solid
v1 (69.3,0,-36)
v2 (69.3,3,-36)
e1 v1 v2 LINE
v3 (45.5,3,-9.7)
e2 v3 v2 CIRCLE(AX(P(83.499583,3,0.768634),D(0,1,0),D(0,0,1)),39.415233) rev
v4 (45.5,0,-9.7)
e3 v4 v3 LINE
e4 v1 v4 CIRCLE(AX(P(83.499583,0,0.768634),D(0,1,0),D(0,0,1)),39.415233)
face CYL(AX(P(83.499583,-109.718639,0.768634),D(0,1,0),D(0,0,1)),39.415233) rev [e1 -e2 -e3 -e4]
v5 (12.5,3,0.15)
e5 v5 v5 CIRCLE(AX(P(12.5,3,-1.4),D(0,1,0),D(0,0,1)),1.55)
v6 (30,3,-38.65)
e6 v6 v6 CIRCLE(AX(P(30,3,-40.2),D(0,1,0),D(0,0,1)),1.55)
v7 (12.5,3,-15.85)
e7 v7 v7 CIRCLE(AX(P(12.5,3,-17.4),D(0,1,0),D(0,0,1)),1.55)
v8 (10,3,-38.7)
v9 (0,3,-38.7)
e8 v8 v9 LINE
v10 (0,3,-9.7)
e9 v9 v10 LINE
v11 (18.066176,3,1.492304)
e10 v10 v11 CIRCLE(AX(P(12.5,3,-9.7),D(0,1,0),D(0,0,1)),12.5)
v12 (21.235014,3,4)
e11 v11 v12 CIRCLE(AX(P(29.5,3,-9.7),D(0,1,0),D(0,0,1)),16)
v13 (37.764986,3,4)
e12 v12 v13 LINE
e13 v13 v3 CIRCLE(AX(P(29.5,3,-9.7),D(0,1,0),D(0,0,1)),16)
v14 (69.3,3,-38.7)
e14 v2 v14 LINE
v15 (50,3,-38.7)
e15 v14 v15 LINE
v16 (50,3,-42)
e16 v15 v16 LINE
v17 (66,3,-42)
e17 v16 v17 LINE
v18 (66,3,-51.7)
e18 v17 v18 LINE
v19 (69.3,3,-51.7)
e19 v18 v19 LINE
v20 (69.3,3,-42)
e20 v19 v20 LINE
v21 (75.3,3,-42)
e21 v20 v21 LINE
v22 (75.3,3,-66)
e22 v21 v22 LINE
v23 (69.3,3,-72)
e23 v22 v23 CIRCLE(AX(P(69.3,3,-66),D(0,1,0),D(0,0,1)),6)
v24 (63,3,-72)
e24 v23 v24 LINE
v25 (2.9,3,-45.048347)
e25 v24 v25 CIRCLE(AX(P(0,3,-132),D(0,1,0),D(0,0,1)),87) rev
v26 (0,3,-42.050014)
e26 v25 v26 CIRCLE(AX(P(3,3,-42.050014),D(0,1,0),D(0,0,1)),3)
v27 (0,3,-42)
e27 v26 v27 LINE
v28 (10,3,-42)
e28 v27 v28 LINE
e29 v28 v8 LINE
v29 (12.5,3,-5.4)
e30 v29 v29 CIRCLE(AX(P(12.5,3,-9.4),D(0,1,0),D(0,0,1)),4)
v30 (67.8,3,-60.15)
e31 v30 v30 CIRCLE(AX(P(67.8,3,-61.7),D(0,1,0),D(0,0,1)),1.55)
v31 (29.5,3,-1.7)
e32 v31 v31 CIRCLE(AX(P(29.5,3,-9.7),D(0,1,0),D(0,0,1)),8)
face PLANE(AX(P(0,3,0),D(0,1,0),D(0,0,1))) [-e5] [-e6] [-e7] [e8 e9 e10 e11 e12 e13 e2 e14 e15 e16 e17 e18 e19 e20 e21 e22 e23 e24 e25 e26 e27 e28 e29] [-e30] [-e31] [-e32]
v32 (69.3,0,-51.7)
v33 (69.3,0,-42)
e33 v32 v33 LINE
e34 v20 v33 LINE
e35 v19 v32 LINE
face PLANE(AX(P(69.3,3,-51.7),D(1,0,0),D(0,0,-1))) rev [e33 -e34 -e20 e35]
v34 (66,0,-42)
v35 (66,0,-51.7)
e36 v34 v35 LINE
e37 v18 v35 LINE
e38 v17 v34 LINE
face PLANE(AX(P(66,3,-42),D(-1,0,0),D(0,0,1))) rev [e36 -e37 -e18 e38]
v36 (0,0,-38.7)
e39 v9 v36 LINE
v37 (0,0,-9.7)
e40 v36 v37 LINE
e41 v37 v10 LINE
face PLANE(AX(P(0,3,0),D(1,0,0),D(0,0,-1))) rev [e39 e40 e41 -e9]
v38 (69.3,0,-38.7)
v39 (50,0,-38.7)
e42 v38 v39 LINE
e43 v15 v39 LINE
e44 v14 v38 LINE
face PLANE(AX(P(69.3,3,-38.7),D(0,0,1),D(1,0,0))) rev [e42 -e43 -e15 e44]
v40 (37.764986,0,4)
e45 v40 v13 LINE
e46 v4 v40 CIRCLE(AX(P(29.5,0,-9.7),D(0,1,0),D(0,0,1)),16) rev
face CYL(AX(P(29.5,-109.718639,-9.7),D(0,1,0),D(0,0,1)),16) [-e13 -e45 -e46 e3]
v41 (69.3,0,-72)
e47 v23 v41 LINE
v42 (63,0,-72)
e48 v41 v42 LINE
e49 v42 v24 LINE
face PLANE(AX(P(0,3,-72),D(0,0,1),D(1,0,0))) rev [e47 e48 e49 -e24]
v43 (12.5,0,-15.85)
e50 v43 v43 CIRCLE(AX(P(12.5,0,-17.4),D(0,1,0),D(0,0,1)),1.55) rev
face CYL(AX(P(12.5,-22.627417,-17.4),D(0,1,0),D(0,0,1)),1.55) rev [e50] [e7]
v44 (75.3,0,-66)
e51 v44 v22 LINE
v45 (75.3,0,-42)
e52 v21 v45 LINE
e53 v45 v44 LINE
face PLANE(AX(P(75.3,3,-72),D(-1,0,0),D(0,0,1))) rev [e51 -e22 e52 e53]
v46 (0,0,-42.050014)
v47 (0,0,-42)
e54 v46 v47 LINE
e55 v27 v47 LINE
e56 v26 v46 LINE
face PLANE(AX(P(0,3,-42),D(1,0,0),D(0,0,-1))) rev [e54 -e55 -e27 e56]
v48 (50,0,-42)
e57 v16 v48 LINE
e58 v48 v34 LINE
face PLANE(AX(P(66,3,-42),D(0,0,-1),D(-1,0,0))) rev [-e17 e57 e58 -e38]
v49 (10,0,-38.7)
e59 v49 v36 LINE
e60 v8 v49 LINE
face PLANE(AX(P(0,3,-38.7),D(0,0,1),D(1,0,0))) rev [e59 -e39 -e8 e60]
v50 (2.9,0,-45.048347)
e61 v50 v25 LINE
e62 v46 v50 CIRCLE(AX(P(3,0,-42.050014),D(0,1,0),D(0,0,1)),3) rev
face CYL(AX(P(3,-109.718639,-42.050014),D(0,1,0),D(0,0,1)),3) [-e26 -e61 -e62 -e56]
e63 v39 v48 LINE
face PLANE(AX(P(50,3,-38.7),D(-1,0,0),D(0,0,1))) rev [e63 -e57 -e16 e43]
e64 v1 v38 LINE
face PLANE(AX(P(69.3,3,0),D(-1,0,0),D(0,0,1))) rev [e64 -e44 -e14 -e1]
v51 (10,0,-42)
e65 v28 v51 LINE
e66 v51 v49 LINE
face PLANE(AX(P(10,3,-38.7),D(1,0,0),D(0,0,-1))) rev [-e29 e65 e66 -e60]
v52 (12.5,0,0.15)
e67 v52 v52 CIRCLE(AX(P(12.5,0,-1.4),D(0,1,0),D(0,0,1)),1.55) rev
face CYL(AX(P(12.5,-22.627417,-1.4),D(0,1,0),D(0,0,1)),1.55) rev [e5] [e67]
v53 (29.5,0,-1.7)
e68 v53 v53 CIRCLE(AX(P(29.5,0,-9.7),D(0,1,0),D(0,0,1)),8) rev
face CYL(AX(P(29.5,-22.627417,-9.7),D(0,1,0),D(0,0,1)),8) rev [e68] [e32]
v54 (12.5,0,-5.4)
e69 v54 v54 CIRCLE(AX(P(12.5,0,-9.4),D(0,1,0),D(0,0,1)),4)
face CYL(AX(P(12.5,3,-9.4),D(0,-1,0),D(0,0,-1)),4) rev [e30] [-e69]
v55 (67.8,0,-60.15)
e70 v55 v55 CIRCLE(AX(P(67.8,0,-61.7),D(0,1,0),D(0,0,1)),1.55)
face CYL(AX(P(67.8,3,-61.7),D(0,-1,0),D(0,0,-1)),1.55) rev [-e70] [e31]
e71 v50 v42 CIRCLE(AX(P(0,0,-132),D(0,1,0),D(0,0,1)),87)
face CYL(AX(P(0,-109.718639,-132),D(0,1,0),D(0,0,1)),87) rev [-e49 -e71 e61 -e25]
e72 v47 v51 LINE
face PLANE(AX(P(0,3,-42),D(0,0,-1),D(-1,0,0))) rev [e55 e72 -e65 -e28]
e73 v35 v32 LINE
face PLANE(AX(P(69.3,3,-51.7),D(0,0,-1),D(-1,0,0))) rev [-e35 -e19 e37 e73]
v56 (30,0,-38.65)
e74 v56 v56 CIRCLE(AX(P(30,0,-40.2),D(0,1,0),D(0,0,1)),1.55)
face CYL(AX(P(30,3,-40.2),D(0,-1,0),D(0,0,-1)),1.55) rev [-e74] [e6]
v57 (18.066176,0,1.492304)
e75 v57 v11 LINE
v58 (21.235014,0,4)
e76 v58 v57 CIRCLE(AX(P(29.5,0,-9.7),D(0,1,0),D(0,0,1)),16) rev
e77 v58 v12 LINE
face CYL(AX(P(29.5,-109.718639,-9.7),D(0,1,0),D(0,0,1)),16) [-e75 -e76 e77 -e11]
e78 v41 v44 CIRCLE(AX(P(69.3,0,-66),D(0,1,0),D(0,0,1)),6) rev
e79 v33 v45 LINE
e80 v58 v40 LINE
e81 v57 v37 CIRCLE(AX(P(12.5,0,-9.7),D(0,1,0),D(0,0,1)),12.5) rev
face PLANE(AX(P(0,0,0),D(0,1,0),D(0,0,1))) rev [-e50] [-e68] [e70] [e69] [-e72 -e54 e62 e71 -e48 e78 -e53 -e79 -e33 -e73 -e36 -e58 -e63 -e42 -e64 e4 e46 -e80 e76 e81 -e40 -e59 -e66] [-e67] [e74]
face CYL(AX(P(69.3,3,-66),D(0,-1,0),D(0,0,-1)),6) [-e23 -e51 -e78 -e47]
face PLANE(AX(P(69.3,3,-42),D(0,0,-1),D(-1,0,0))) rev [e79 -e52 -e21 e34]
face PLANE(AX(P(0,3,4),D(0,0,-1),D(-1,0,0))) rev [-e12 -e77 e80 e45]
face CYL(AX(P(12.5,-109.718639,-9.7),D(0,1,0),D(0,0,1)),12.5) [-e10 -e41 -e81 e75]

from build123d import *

# Parameters (mm, degrees)
CROQUIS1_R               = 1.55
CROQUIS1_R_2             = 4
SALIENTE_EXTRUIR10_DEPTH = 3
CROQUIS2_R               = 8
CROQUIS2_R_2             = 1.55
CORTAR_EXTRUIR1_DEPTH    = 3
CROQUIS3_OUTSIDE_W       = 98.706
CROQUIS3_OUTSIDE_H       = 99.406
CROQUIS3_OUTSIDE_R       = 4
CROQUIS3_OUTSIDE_R_2     = 8
CROQUIS3_OUTSIDE_R_3     = 1.55
CORTAR_EXTRUIR2_DEPTH    = 3
REDONDEO1_R              = 6
REDONDEO2_R              = 3


with BuildPart() as part:
    # Croquis1 → Saliente-Extruir10 (new body)
    with BuildSketch(Plane(origin=(0, 0, 0), x_dir=(1, 0, 0), z_dir=(0, 1, 0))):
        Polygon((0, 0), (0, 38.7), (10, 38.7), (10, 42), (0, 42), (0, 72), (69.3, 72), (75.3, 72), (75.3, 52), (75.3, 42), (69.3, 42), (69.3, 51.7), (66, 51.7), (66, 42), (50, 42), (50, 38.7), (69.3, 38.7), (69.3, 0), (69.3, -4), (0, -4), align=None)
        with Locations((30, 40.2)):
            Circle(CROQUIS1_R, mode=Mode.SUBTRACT)
        with Locations((67.8, 61.7)):
            Circle(CROQUIS1_R, mode=Mode.SUBTRACT)
        with Locations((12.5, 9.4)):
            Circle(CROQUIS1_R_2, mode=Mode.SUBTRACT)
    extrude(amount=SALIENTE_EXTRUIR10_DEPTH)

    # Croquis2 → Cortar-Extruir1 (cut)
    with BuildSketch(Plane(origin=(0, 3, 0), x_dir=(1, 0, 0), z_dir=(0, 1, 0))):
        with Locations((29.5, 9.7)):
            Circle(CROQUIS2_R)
        with Locations((12.5, 17.4)):
            Circle(CROQUIS2_R_2)
        with Locations((12.5, 1.4)):
            Circle(CROQUIS2_R_2)
    extrude(amount=-CORTAR_EXTRUIR1_DEPTH, mode=Mode.SUBTRACT)

    # Croquis3 outside → Cortar-Extruir2 (cut)
    with BuildSketch(Plane(origin=(0, 3, 0), x_dir=(1, 0, 0), z_dir=(0, 1, 0))):
        with Locations((37.65, 34)):
            Rectangle(CROQUIS3_OUTSIDE_W, CROQUIS3_OUTSIDE_H)
        with BuildLine():
            Line((75.3, 72), (63, 72))
            ThreePointArc((63, 72), (34.270978976, 52.034382388), (0, 45))
            Line((0, 45), (0, 42))
            Line((0, 42), (10, 42))
            Line((10, 42), (10, 38.7))
            Line((10, 38.7), (0, 38.7))
            Line((0, 38.7), (0, 9.7))
            ThreePointArc((0, 9.7), (5.916961411, -0.92608126), (18.066176471, -1.492304477))
            ThreePointArc((18.066176471, -1.492304477), (19.571107199, -2.84659666), (21.235013612, -4))
            Line((21.235013612, -4), (37.764986388, -4))
            ThreePointArc((37.764986388, -4), (43.432691452, 1.833608903), (45.5, 9.7))
            ThreePointArc((45.5, 9.7), (54.274410069, 25.678480622), (69.3, 36))
            Line((69.3, 36), (69.3, 38.7))
            Line((69.3, 38.7), (50, 38.7))
            Line((50, 38.7), (50, 42))
            Line((50, 42), (66, 42))
            Line((66, 42), (66, 51.7))
            Line((66, 51.7), (69.3, 51.7))
            Line((69.3, 51.7), (69.3, 42))
            Line((69.3, 42), (75.3, 42))
            Line((75.3, 42), (75.3, 72))
        make_face(mode=Mode.SUBTRACT)
        with Locations((12.5, 9.4)):
            Circle(CROQUIS3_OUTSIDE_R)
        with Locations((29.5, 9.7)):
            Circle(CROQUIS3_OUTSIDE_R_2)
        with Locations((30, 40.2)):
            Circle(CROQUIS3_OUTSIDE_R_3)
        with Locations((67.8, 61.7)):
            Circle(CROQUIS3_OUTSIDE_R_3)
    extrude(amount=-CORTAR_EXTRUIR2_DEPTH, mode=Mode.SUBTRACT)

    # Redondeo1
    redondeo1_edges = [part.edges().sort_by_distance(p)[0] for p in [
        (75.3, 1.5, -72),
    ]]
    fillet(redondeo1_edges, radius=REDONDEO1_R)

    # Redondeo2
    redondeo2_edges = [part.edges().sort_by_distance(p)[0] for p in [
        (0, 1.5, -45),
    ]]
    fillet(redondeo2_edges, radius=REDONDEO2_R)


solid = part.part
